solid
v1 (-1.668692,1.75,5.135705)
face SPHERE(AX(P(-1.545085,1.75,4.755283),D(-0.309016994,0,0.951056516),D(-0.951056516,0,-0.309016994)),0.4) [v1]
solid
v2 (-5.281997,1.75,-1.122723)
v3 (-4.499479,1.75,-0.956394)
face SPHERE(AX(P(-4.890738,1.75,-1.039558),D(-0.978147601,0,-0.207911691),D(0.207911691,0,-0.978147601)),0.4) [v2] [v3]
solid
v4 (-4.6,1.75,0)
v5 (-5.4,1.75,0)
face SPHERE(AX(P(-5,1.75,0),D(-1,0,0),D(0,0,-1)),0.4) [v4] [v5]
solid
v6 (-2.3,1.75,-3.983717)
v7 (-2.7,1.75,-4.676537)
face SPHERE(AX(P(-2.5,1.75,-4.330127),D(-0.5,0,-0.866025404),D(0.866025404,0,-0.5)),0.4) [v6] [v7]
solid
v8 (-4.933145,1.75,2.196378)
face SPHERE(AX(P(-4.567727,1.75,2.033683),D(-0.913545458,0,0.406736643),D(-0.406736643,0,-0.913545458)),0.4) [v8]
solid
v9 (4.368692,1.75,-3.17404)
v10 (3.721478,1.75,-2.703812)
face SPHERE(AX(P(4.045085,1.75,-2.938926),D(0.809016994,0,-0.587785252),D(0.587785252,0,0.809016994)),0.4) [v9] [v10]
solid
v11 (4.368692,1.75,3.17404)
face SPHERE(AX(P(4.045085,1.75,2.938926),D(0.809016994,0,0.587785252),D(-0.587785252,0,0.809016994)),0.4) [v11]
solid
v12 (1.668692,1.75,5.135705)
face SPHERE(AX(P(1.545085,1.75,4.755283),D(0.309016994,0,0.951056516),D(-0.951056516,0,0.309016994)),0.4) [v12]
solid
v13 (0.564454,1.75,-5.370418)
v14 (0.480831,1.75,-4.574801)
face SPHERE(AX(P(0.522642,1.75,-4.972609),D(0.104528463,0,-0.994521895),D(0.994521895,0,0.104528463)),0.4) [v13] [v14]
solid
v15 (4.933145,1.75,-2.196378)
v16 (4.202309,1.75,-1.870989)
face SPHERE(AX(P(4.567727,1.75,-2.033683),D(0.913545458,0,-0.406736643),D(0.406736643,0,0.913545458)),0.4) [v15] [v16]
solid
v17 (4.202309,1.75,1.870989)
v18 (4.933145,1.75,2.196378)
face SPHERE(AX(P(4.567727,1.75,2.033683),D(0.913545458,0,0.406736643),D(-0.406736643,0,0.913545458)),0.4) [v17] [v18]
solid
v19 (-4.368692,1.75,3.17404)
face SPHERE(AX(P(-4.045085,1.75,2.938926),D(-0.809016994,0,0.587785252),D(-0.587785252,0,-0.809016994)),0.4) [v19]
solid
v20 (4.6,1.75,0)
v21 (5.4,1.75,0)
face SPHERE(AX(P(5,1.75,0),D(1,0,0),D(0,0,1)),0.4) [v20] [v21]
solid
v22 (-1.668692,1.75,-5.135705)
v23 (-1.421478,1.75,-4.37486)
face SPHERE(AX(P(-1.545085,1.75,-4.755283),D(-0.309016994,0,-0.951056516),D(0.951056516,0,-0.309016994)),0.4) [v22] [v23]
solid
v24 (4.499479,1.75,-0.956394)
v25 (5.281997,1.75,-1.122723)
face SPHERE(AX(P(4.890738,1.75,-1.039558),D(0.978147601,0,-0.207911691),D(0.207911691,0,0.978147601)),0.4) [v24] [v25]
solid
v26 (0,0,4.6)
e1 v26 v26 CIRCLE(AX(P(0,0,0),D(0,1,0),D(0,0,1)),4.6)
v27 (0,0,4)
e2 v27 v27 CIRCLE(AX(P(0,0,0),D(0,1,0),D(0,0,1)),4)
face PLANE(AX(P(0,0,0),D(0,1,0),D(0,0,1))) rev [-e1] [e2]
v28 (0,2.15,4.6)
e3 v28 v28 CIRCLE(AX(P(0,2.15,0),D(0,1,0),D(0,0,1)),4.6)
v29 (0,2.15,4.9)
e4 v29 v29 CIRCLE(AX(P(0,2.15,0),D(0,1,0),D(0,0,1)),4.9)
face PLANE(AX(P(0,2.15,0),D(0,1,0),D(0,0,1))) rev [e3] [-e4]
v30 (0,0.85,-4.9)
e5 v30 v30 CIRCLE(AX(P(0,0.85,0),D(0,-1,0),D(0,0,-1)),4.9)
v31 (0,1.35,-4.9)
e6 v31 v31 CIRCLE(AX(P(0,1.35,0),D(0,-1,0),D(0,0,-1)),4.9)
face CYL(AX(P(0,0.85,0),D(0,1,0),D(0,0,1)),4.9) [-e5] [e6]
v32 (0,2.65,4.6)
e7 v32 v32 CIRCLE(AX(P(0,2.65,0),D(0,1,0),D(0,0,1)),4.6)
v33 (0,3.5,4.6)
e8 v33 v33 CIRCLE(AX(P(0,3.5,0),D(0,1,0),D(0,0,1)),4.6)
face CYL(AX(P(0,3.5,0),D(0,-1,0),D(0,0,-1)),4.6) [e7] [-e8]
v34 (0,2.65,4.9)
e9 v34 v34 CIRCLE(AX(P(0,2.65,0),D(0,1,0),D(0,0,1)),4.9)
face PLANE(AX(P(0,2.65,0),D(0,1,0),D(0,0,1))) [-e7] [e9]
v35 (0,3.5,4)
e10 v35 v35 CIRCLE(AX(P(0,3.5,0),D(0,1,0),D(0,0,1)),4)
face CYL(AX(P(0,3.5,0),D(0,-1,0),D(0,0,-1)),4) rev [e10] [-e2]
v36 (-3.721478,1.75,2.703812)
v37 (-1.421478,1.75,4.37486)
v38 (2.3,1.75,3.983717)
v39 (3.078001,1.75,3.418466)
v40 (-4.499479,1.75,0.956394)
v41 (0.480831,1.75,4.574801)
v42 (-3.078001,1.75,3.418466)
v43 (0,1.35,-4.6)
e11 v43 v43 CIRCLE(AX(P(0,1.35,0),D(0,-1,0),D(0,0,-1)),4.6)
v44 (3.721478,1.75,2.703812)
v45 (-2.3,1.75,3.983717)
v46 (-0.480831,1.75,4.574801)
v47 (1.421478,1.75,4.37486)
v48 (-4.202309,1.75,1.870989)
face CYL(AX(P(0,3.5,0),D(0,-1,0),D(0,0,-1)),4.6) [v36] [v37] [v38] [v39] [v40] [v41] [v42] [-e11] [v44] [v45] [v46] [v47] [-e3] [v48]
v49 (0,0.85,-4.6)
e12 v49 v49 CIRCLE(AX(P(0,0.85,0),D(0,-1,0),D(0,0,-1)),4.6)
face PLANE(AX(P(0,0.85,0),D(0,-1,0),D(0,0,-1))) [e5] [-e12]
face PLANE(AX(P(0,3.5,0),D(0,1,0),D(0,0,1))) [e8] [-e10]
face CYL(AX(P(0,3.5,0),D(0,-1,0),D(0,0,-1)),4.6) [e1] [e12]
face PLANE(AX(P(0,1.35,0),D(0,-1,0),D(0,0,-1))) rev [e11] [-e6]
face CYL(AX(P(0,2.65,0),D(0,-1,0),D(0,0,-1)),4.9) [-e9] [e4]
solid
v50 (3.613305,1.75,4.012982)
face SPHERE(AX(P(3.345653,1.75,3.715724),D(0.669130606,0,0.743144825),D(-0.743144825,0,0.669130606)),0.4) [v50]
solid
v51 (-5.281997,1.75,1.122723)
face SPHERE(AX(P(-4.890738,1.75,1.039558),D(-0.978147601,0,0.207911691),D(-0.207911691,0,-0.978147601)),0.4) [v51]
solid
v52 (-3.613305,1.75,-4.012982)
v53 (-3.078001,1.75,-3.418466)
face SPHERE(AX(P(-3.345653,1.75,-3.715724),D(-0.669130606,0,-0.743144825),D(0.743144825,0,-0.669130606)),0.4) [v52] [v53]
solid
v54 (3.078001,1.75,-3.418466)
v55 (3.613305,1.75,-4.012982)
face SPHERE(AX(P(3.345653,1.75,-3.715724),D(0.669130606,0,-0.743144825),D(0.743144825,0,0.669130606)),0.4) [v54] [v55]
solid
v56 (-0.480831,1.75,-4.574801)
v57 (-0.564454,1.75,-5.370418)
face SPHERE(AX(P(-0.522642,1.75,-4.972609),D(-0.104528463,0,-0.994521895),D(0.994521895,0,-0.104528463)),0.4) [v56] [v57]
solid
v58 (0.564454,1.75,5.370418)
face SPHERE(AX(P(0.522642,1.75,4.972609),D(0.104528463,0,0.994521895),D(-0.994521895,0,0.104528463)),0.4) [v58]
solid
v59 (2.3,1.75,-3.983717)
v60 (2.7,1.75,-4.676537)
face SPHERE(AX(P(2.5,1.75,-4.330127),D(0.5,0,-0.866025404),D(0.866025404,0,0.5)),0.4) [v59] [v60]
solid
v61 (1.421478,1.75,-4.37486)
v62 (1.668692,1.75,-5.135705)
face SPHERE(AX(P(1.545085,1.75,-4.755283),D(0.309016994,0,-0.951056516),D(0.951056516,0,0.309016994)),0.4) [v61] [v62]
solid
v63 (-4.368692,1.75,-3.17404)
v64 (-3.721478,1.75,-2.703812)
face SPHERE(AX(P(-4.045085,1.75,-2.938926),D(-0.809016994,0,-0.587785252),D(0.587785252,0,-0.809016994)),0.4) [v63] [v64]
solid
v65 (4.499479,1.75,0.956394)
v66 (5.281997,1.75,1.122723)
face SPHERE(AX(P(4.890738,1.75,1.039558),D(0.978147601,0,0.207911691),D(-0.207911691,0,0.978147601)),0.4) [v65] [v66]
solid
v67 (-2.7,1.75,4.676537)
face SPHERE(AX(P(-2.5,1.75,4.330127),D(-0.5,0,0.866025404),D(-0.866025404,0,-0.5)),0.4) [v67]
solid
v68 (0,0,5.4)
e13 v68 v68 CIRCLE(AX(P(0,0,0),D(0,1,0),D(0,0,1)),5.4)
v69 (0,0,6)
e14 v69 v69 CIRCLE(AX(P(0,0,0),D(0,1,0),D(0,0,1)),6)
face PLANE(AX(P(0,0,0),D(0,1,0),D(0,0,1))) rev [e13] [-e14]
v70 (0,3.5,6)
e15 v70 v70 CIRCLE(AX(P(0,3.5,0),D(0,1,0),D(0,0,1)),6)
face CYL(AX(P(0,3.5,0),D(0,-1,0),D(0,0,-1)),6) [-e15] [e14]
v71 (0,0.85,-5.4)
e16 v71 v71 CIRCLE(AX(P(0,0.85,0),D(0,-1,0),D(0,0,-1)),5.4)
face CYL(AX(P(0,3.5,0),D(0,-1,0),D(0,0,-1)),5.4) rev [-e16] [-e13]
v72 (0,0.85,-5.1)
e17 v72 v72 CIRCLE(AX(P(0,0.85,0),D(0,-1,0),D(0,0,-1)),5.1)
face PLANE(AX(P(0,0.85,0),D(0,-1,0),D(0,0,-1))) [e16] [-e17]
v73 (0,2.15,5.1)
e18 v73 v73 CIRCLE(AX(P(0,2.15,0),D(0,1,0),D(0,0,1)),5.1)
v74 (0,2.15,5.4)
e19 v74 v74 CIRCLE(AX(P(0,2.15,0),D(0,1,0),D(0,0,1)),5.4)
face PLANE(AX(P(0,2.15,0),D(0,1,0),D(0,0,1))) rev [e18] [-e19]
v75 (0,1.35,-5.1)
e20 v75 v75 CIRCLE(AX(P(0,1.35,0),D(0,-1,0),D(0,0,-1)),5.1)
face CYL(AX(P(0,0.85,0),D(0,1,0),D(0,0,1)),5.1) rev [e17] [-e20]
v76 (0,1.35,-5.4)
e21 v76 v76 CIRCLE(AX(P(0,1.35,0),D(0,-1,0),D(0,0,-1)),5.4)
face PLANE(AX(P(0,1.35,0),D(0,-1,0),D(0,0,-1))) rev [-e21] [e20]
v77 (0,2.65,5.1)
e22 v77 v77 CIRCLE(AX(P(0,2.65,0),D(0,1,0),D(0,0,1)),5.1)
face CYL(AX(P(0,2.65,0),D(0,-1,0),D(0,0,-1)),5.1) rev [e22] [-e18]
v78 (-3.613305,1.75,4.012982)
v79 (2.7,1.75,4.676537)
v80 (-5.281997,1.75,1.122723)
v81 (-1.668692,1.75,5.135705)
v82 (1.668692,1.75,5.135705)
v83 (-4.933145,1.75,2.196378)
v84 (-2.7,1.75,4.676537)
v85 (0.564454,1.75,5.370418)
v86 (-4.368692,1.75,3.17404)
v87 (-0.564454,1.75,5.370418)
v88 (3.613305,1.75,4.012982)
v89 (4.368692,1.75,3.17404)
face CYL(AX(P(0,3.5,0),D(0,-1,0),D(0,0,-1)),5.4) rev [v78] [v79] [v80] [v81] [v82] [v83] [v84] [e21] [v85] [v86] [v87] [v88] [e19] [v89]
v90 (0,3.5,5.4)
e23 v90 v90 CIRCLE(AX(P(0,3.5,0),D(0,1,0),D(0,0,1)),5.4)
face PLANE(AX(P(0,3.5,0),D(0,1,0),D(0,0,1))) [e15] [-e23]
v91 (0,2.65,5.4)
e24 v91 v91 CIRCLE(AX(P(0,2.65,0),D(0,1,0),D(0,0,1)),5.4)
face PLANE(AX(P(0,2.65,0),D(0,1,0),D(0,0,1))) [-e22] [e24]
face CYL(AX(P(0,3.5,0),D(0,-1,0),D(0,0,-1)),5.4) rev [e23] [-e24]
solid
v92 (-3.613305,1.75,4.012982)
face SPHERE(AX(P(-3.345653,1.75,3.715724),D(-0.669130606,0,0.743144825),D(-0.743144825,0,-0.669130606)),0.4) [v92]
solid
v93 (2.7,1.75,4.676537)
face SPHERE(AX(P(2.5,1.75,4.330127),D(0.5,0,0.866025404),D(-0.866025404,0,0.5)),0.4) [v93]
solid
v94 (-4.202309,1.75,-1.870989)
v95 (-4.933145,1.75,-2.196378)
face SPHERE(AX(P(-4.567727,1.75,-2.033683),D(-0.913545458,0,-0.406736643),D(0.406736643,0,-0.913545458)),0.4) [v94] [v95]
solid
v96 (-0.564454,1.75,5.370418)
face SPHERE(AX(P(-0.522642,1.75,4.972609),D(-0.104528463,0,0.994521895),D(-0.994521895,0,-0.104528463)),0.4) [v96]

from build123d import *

# Parameters (mm, degrees)
SKETCH_1_R               = 6
SKETCH_1_R_2             = 5.4
EXTRUDE_1_DEPTH          = 3.5
SKETCH_1_R_3             = 4.6
SKETCH_1_R_4             = 4
EXTRUDE_1_2_DEPTH        = 3.5
PATTERN_CIRCULAR_7_COUNT = 30
SKETCH_4_R               = 5.4
SKETCH_4_R_2             = 5.1
SKETCH_4_R_3             = 4.9
SKETCH_4_R_4             = 4.6
EXTRUDE_2_DEPTH          = 0.5
SKETCH_6_R               = 5.4
SKETCH_6_R_2             = 5.1
SKETCH_6_R_3             = 4.9
SKETCH_6_R_4             = 4.6
EXTRUDE_4_DEPTH          = 0.5


with BuildPart() as part:
    # 스케치1 → 보스-돌출1 (new body)
    with BuildSketch(Plane(origin=(0, 0, 0), x_dir=(1, 0, 0), z_dir=(0, 1, 0))):
        Circle(SKETCH_1_R)
        Circle(SKETCH_1_R_2, mode=Mode.SUBTRACT)
    extrude(amount=EXTRUDE_1_DEPTH)



with BuildPart() as body_2:
    # 스케치1 → Extrude 1 2 (new body)
    with BuildSketch(Plane(origin=(0, 0, 0), x_dir=(1, 0, 0), z_dir=(0, 1, 0))):
        Circle(SKETCH_1_R_3)
        Circle(SKETCH_1_R_4, mode=Mode.SUBTRACT)
    extrude(amount=EXTRUDE_1_2_DEPTH)


with BuildPart() as body_3:
    # 스케치2 one side → 회전1 (revolve)
    with BuildSketch(Plane(origin=(0, 1.75, 0), x_dir=(1, 0, 0), z_dir=(0, 1, 0))):
        with BuildLine():
            ThreePointArc((-4.6, 0), (-5.000000001, 0.4), (-5.4, -2e-09))
            Line((-5.4, 0), (-4.6, 0))
        make_face()
    revolve(axis=Axis((-6.637630124, 1.75, 0), (1, 0, 0)))


with BuildPart() as pattern_circular_7_1:
    # 원형 패턴7: pattern copy
    add(body_3.part.rotate(Axis((0, 0, 0), (0, 1, 0)), 1 * 360 / PATTERN_CIRCULAR_7_COUNT))


with BuildPart() as pattern_circular_7_2:
    # 원형 패턴7: pattern copy
    add(body_3.part.rotate(Axis((0, 0, 0), (0, 1, 0)), 2 * 360 / PATTERN_CIRCULAR_7_COUNT))


with BuildPart() as pattern_circular_7_3:
    # 원형 패턴7: pattern copy
    add(body_3.part.rotate(Axis((0, 0, 0), (0, 1, 0)), 3 * 360 / PATTERN_CIRCULAR_7_COUNT))


with BuildPart() as pattern_circular_7_4:
    # 원형 패턴7: pattern copy
    add(body_3.part.rotate(Axis((0, 0, 0), (0, 1, 0)), 4 * 360 / PATTERN_CIRCULAR_7_COUNT))


with BuildPart() as pattern_circular_7_5:
    # 원형 패턴7: pattern copy
    add(body_3.part.rotate(Axis((0, 0, 0), (0, 1, 0)), 5 * 360 / PATTERN_CIRCULAR_7_COUNT))


with BuildPart() as pattern_circular_7_6:
    # 원형 패턴7: pattern copy
    add(body_3.part.rotate(Axis((0, 0, 0), (0, 1, 0)), 6 * 360 / PATTERN_CIRCULAR_7_COUNT))


with BuildPart() as pattern_circular_7_7:
    # 원형 패턴7: pattern copy
    add(body_3.part.rotate(Axis((0, 0, 0), (0, 1, 0)), 7 * 360 / PATTERN_CIRCULAR_7_COUNT))


with BuildPart() as pattern_circular_7_8:
    # 원형 패턴7: pattern copy
    add(body_3.part.rotate(Axis((0, 0, 0), (0, 1, 0)), 8 * 360 / PATTERN_CIRCULAR_7_COUNT))


with BuildPart() as pattern_circular_7_9:
    # 원형 패턴7: pattern copy
    add(body_3.part.rotate(Axis((0, 0, 0), (0, 1, 0)), 9 * 360 / PATTERN_CIRCULAR_7_COUNT))


with BuildPart() as pattern_circular_7_10:
    # 원형 패턴7: pattern copy
    add(body_3.part.rotate(Axis((0, 0, 0), (0, 1, 0)), 10 * 360 / PATTERN_CIRCULAR_7_COUNT))


with BuildPart() as pattern_circular_7_11:
    # 원형 패턴7: pattern copy
    add(body_3.part.rotate(Axis((0, 0, 0), (0, 1, 0)), 11 * 360 / PATTERN_CIRCULAR_7_COUNT))


with BuildPart() as pattern_circular_7_12:
    # 원형 패턴7: pattern copy
    add(body_3.part.rotate(Axis((0, 0, 0), (0, 1, 0)), 12 * 360 / PATTERN_CIRCULAR_7_COUNT))


with BuildPart() as pattern_circular_7_13:
    # 원형 패턴7: pattern copy
    add(body_3.part.rotate(Axis((0, 0, 0), (0, 1, 0)), 13 * 360 / PATTERN_CIRCULAR_7_COUNT))


with BuildPart() as pattern_circular_7_14:
    # 원형 패턴7: pattern copy
    add(body_3.part.rotate(Axis((0, 0, 0), (0, 1, 0)), 14 * 360 / PATTERN_CIRCULAR_7_COUNT))


with BuildPart() as pattern_circular_7_15:
    # 원형 패턴7: pattern copy
    add(body_3.part.rotate(Axis((0, 0, 0), (0, 1, 0)), 15 * 360 / PATTERN_CIRCULAR_7_COUNT))


with BuildPart() as pattern_circular_7_16:
    # 원형 패턴7: pattern copy
    add(body_3.part.rotate(Axis((0, 0, 0), (0, 1, 0)), 16 * 360 / PATTERN_CIRCULAR_7_COUNT))


with BuildPart() as pattern_circular_7_17:
    # 원형 패턴7: pattern copy
    add(body_3.part.rotate(Axis((0, 0, 0), (0, 1, 0)), 17 * 360 / PATTERN_CIRCULAR_7_COUNT))


with BuildPart() as pattern_circular_7_18:
    # 원형 패턴7: pattern copy
    add(body_3.part.rotate(Axis((0, 0, 0), (0, 1, 0)), 18 * 360 / PATTERN_CIRCULAR_7_COUNT))


with BuildPart() as pattern_circular_7_19:
    # 원형 패턴7: pattern copy
    add(body_3.part.rotate(Axis((0, 0, 0), (0, 1, 0)), 19 * 360 / PATTERN_CIRCULAR_7_COUNT))


with BuildPart() as pattern_circular_7_20:
    # 원형 패턴7: pattern copy
    add(body_3.part.rotate(Axis((0, 0, 0), (0, 1, 0)), 20 * 360 / PATTERN_CIRCULAR_7_COUNT))


with BuildPart() as pattern_circular_7_21:
    # 원형 패턴7: pattern copy
    add(body_3.part.rotate(Axis((0, 0, 0), (0, 1, 0)), 21 * 360 / PATTERN_CIRCULAR_7_COUNT))


with BuildPart() as pattern_circular_7_22:
    # 원형 패턴7: pattern copy
    add(body_3.part.rotate(Axis((0, 0, 0), (0, 1, 0)), 22 * 360 / PATTERN_CIRCULAR_7_COUNT))


with BuildPart() as pattern_circular_7_23:
    # 원형 패턴7: pattern copy
    add(body_3.part.rotate(Axis((0, 0, 0), (0, 1, 0)), 23 * 360 / PATTERN_CIRCULAR_7_COUNT))


with BuildPart() as pattern_circular_7_24:
    # 원형 패턴7: pattern copy
    add(body_3.part.rotate(Axis((0, 0, 0), (0, 1, 0)), 24 * 360 / PATTERN_CIRCULAR_7_COUNT))


with BuildPart() as pattern_circular_7_25:
    # 원형 패턴7: pattern copy
    add(body_3.part.rotate(Axis((0, 0, 0), (0, 1, 0)), 25 * 360 / PATTERN_CIRCULAR_7_COUNT))


with BuildPart() as pattern_circular_7_26:
    # 원형 패턴7: pattern copy
    add(body_3.part.rotate(Axis((0, 0, 0), (0, 1, 0)), 26 * 360 / PATTERN_CIRCULAR_7_COUNT))


with BuildPart() as pattern_circular_7_27:
    # 원형 패턴7: pattern copy
    add(body_3.part.rotate(Axis((0, 0, 0), (0, 1, 0)), 27 * 360 / PATTERN_CIRCULAR_7_COUNT))


with BuildPart() as pattern_circular_7_28:
    # 원형 패턴7: pattern copy
    add(body_3.part.rotate(Axis((0, 0, 0), (0, 1, 0)), 28 * 360 / PATTERN_CIRCULAR_7_COUNT))


with BuildPart() as pattern_circular_7_29:
    # 원형 패턴7: pattern copy
    add(body_3.part.rotate(Axis((0, 0, 0), (0, 1, 0)), 29 * 360 / PATTERN_CIRCULAR_7_COUNT))


with BuildPart() as part_1:
    add(part.part)

    add(body_2.part)  # 보스-돌출2 merges body 2
    # 스케치4 → 보스-돌출2 (add)
    with BuildSketch(Plane(origin=(0, 2.15, 0), x_dir=(1, 0, 0), z_dir=(0, 1, 0))):
        Circle(SKETCH_4_R)
        Circle(SKETCH_4_R_2, mode=Mode.SUBTRACT)
        Circle(SKETCH_4_R_3)
        Circle(SKETCH_4_R_4, mode=Mode.SUBTRACT)
    extrude(amount=EXTRUDE_2_DEPTH)

    # 스케치6 → 보스-돌출4 (add)
    with BuildSketch(Plane(origin=(0, 1.35, 0), x_dir=(-1, 0, 0), z_dir=(0, -1, 0))):
        Circle(SKETCH_6_R)
        Circle(SKETCH_6_R_2, mode=Mode.SUBTRACT)
        Circle(SKETCH_6_R_3)
        Circle(SKETCH_6_R_4, mode=Mode.SUBTRACT)
    extrude(amount=EXTRUDE_4_DEPTH)


solid = Compound([body_3.part, pattern_circular_7_1.part, pattern_circular_7_2.part, pattern_circular_7_3.part, pattern_circular_7_4.part, pattern_circular_7_5.part, pattern_circular_7_6.part, pattern_circular_7_7.part, pattern_circular_7_8.part, pattern_circular_7_9.part, pattern_circular_7_10.part, pattern_circular_7_11.part, pattern_circular_7_12.part, pattern_circular_7_13.part, pattern_circular_7_14.part, pattern_circular_7_15.part, pattern_circular_7_16.part, pattern_circular_7_17.part, pattern_circular_7_18.part, pattern_circular_7_19.part, pattern_circular_7_20.part, pattern_circular_7_21.part, pattern_circular_7_22.part, pattern_circular_7_23.part, pattern_circular_7_24.part, pattern_circular_7_25.part, pattern_circular_7_26.part, pattern_circular_7_27.part, pattern_circular_7_28.part, pattern_circular_7_29.part, part_1.part])
